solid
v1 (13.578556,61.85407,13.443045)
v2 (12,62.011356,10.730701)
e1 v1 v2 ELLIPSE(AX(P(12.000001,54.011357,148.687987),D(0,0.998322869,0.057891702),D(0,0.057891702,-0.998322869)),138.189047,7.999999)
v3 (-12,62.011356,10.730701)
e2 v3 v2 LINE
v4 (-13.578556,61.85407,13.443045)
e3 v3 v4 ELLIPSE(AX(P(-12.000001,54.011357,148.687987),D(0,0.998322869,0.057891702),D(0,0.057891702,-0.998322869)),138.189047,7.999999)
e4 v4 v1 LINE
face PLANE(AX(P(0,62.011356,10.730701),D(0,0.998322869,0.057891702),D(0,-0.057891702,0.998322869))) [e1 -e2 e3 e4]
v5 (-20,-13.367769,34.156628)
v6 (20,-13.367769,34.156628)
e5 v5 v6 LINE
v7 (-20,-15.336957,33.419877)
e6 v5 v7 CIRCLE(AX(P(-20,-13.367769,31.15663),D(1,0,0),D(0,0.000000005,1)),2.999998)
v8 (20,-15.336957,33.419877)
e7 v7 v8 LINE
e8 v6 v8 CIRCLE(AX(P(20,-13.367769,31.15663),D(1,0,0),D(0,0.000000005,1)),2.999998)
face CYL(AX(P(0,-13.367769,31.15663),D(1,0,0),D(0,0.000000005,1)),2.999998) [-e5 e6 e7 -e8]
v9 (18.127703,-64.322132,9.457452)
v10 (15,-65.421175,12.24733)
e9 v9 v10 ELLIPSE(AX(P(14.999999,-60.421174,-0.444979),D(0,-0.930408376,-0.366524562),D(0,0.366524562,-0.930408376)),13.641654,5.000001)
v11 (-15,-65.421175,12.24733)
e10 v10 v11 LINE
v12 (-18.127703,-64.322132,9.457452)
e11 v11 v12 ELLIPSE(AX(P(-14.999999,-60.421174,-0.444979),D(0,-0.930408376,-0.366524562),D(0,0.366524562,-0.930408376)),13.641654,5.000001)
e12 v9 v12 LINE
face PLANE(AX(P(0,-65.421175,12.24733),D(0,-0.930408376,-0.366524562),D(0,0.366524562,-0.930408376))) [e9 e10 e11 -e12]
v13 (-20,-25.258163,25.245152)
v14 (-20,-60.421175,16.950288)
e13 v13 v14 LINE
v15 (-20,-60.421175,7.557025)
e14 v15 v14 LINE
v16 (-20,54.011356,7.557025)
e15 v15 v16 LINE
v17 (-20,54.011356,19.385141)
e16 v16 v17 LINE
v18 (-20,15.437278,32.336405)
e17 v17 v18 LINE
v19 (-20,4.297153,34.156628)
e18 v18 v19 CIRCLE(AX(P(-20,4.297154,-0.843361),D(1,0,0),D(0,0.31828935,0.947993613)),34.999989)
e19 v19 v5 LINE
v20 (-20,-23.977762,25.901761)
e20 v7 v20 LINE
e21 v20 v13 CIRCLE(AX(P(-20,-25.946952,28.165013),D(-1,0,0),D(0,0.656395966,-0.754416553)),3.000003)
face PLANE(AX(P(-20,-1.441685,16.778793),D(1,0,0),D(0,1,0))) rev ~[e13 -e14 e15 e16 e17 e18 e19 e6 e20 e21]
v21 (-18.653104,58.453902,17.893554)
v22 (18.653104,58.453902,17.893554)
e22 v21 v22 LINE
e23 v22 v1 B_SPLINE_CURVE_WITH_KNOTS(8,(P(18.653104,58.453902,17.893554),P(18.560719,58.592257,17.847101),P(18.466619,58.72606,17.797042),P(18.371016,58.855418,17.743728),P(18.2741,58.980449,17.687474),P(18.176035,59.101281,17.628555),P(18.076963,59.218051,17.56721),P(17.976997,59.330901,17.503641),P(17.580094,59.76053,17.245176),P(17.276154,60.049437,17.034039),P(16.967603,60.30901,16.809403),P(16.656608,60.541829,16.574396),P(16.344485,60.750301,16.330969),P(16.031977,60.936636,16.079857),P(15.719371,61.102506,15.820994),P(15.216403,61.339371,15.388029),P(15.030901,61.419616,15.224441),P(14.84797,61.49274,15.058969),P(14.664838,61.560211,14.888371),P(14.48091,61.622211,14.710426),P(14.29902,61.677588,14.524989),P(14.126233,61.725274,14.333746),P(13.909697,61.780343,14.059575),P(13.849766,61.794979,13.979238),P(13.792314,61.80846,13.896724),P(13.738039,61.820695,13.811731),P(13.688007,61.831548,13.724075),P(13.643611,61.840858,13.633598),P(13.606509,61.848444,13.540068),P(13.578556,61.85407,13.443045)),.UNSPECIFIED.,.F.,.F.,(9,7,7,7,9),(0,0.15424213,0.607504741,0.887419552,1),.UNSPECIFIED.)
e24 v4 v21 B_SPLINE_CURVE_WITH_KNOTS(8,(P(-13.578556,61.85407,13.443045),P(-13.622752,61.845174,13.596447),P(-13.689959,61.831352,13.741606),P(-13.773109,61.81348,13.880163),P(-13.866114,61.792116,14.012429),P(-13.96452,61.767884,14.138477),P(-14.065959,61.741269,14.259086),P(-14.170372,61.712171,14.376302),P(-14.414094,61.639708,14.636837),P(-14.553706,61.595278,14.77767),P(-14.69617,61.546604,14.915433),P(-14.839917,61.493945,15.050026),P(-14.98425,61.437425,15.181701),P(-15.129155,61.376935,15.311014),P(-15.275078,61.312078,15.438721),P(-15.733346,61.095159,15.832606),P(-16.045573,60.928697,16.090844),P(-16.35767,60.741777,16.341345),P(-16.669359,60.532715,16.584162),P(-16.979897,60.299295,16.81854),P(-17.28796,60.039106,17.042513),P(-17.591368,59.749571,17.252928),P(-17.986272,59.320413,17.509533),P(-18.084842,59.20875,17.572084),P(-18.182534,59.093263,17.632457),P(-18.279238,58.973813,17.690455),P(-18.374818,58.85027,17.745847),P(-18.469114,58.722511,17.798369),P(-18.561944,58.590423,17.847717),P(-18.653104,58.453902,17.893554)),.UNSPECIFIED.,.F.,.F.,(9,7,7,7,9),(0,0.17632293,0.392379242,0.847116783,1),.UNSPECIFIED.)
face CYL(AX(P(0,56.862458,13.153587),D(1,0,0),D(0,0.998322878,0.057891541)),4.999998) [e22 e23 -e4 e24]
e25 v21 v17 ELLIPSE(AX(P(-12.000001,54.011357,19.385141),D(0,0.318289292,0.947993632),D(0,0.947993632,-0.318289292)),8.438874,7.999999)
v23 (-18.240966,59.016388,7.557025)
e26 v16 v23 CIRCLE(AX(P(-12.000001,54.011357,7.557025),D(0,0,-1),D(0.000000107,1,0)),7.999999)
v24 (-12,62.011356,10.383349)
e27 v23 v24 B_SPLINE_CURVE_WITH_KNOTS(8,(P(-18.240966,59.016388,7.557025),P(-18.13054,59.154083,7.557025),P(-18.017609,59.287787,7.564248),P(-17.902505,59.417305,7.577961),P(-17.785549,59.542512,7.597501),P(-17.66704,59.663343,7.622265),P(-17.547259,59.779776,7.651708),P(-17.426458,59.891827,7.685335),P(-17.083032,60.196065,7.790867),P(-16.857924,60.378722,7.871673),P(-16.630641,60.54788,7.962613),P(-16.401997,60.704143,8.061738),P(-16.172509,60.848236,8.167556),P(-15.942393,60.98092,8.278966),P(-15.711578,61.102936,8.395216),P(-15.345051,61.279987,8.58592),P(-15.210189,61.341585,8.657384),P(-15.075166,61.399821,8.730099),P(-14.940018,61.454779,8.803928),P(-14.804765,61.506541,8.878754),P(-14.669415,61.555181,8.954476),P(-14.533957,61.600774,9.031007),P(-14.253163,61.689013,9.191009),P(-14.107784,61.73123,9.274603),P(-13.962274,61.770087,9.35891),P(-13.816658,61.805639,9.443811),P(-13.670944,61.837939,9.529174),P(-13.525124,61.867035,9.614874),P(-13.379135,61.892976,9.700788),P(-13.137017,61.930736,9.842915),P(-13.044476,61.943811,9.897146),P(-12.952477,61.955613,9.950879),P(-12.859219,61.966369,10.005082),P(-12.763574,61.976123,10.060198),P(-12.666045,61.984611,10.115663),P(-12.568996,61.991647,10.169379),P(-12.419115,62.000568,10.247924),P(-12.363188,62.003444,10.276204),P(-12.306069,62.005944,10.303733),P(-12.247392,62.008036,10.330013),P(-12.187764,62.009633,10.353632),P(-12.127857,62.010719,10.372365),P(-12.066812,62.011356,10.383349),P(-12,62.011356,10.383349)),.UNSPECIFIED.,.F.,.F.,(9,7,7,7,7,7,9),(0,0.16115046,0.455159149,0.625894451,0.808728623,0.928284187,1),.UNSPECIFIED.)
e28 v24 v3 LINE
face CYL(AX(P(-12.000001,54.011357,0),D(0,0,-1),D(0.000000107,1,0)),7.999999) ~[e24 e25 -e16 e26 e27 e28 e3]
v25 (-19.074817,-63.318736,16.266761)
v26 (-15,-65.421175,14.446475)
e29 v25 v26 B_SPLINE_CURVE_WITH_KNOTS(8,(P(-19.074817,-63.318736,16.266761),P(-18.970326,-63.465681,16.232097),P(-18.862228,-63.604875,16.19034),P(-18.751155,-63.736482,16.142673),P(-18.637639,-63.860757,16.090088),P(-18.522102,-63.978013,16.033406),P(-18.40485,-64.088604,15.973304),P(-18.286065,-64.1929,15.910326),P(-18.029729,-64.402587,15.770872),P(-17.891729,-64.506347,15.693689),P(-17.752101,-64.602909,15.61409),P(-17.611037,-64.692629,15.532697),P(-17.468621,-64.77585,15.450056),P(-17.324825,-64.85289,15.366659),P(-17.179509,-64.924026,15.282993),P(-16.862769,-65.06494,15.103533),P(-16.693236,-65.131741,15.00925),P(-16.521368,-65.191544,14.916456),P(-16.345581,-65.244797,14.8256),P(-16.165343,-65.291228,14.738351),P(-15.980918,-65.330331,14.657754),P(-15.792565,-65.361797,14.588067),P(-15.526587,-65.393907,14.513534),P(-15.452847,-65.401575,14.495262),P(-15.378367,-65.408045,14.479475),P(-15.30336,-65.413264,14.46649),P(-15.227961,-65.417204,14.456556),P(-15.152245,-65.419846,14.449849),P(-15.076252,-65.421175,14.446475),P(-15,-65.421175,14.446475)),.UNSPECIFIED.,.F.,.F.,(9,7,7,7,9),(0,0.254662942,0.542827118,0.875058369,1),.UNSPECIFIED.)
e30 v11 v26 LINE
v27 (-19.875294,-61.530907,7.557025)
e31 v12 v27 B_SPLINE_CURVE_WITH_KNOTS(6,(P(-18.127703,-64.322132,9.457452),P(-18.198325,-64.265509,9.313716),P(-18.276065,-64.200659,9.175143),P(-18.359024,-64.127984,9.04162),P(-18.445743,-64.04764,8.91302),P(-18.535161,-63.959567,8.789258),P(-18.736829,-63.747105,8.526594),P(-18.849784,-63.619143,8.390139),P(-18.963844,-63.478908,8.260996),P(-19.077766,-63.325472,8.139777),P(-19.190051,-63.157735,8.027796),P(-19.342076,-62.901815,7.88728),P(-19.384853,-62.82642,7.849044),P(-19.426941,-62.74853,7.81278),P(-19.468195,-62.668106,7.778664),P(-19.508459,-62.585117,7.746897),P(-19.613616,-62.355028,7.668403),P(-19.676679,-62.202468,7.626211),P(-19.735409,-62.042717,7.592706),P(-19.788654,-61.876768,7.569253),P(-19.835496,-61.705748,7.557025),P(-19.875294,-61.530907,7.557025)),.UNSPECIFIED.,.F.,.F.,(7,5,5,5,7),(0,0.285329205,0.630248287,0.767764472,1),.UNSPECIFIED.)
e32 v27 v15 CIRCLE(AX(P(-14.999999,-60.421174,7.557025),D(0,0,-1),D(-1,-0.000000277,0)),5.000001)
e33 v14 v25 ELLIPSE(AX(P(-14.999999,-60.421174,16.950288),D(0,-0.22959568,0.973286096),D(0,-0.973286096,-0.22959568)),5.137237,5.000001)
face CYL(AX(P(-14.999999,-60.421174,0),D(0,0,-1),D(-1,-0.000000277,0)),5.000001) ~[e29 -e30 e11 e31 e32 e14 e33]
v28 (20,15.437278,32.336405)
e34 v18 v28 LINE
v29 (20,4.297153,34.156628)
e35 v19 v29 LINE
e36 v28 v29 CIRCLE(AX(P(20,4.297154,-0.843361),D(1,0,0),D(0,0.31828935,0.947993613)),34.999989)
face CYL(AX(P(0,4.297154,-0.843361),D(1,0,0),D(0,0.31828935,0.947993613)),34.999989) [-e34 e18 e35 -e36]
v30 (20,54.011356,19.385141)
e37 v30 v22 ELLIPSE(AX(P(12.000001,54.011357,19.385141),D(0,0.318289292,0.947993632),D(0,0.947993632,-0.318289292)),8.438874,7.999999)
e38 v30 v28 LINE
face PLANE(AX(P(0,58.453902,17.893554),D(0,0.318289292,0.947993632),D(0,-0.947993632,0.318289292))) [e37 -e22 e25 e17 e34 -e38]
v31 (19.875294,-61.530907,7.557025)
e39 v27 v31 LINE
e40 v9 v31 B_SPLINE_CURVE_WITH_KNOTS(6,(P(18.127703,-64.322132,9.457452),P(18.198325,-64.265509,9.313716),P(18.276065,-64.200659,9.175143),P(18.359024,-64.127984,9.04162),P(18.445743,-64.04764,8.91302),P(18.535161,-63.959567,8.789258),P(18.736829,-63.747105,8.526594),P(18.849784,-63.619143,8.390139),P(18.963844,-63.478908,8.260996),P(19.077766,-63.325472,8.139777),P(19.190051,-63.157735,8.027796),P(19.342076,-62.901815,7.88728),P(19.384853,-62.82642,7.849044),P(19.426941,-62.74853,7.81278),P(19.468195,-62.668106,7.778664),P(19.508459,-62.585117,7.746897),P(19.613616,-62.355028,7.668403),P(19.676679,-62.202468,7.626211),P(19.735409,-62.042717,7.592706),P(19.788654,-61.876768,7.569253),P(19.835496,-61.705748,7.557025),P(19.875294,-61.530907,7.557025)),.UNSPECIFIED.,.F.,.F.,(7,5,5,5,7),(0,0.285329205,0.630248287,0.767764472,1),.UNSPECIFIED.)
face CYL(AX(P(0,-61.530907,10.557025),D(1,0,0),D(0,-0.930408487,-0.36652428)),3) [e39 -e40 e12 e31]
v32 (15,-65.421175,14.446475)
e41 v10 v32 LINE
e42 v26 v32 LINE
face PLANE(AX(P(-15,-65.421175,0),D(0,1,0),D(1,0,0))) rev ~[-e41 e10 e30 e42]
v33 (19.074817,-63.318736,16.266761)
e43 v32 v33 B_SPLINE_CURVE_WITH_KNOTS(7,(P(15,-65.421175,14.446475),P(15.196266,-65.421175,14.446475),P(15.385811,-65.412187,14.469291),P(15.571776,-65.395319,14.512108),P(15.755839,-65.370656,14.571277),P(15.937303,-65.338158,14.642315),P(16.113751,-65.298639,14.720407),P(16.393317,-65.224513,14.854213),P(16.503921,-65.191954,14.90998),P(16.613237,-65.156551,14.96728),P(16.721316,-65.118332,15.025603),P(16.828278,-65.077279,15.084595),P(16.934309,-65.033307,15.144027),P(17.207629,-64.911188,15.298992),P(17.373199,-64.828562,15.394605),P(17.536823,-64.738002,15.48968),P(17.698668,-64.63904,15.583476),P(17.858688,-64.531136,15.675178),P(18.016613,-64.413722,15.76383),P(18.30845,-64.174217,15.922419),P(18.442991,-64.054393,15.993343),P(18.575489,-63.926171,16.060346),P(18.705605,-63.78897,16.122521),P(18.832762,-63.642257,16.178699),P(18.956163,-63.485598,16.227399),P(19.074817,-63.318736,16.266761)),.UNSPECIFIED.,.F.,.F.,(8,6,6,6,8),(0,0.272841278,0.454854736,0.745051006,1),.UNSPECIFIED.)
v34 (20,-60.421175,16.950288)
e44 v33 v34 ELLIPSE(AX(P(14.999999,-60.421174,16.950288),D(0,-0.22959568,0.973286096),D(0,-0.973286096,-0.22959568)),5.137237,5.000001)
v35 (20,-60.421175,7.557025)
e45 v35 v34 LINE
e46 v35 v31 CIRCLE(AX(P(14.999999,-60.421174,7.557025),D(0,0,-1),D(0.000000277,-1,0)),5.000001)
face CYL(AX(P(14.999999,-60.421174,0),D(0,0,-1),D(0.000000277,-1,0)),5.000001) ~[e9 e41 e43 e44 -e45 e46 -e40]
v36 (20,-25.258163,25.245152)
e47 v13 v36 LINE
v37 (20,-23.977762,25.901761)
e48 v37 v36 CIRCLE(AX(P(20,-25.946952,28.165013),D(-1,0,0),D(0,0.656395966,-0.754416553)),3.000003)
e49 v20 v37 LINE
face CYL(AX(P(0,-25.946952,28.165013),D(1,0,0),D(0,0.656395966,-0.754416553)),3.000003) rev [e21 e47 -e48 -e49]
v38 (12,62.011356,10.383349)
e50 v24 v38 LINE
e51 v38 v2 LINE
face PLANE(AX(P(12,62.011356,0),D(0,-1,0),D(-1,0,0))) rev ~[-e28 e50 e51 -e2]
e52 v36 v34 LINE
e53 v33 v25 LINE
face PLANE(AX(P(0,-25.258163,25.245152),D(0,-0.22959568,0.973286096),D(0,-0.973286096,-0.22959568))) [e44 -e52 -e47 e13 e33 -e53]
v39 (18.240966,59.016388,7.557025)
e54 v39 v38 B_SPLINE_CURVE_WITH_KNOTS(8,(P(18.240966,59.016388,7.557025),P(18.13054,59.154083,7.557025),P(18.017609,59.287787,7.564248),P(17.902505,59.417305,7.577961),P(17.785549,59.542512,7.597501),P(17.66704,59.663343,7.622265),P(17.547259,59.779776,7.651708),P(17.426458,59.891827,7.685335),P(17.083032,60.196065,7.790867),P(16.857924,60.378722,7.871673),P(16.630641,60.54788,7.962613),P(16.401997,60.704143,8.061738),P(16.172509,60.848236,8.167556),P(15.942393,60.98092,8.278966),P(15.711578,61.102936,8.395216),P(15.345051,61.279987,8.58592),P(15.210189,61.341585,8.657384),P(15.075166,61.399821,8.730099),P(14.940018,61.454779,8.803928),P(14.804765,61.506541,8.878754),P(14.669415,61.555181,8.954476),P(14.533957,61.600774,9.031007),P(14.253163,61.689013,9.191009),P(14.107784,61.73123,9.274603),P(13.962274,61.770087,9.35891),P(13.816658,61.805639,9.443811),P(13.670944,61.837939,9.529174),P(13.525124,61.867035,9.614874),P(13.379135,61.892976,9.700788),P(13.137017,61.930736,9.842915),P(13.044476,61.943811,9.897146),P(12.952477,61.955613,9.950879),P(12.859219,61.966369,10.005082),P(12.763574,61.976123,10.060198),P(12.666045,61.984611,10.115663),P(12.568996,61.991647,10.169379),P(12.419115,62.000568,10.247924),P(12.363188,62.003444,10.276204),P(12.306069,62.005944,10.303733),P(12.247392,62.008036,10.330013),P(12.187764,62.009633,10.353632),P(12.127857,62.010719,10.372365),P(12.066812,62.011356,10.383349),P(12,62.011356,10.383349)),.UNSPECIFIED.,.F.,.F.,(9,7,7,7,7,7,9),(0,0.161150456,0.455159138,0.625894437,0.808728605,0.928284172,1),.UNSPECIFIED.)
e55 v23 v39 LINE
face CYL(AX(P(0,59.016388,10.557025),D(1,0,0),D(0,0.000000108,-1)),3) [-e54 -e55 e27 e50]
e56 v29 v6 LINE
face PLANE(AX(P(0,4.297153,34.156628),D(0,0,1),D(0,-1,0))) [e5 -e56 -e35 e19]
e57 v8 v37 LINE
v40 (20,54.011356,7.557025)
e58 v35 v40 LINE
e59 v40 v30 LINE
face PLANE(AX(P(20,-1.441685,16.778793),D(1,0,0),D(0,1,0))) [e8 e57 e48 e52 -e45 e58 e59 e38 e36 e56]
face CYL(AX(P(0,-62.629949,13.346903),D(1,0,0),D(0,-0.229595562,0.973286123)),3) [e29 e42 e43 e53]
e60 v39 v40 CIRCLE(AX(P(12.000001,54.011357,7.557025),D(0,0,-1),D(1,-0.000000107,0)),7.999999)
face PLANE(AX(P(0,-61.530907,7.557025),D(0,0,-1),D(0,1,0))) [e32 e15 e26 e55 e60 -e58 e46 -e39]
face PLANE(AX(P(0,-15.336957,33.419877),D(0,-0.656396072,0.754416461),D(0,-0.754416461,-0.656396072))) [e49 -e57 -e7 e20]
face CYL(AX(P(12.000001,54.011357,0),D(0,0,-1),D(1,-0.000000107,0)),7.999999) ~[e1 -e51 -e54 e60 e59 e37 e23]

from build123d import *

# Parameters (mm, degrees)
F1_DEPTH      = 20
F1_DEPTH_BACK = 20
F3_DEPTH      = 76.2


with BuildPart() as f1:
    # F0 (on Right) → F1 (new body, two sides)
    with BuildSketch(Plane.YZ) as f1_sk:
        with BuildLine():
            ThreePointArc((-64.322132, 9.457452), (-63.219291, 8.077235), (-61.530907, 7.557025))
            Line((-61.530907, 7.557025), (59.016388, 7.557025))
            ThreePointArc((59.016388, 7.557025), (61.198248, 8.498024), (62.011356, 10.730701))
            Line((62.011356, 10.730701), (61.85407, 13.443045))
            ThreePointArc((61.85407, 13.443045), (60.835607, 16.189055), (58.453902, 17.893554))
            Line((58.453902, 17.893554), (15.437278, 32.336405))
            ThreePointArc((15.437278, 32.336405), (9.941079, 33.698575), (4.297153, 34.156628))
            Line((4.297153, 34.156628), (-13.367769, 34.156628))
            ThreePointArc((-13.367769, 34.156628), (-14.419018, 33.96641), (-15.336957, 33.419877))
            Line((-15.336957, 33.419877), (-23.977762, 25.901761))
            ThreePointArc((-23.977762, 25.901761), (-24.578012, 25.495552), (-25.258163, 25.245152))
            Line((-25.258163, 25.245152), (-63.318736, 16.266761))
            ThreePointArc((-63.318736, 16.266761), (-65.288253, 14.737378), (-65.421175, 12.24733))
            Line((-65.421175, 12.24733), (-64.322132, 9.457452))
        make_face()
    extrude(amount=F1_DEPTH)
    extrude(f1_sk.sketch, amount=-F1_DEPTH_BACK)

    # F2 (on Top) → F3 (intersect)
    with BuildSketch(Plane.XY):
        with BuildLine():
            Line((12, 62.011356), (-12, 62.011356))
            ThreePointArc((-12, 62.011356), (-17.656854, 59.668211), (-20, 54.011356))
            Line((-20, 54.011356), (-20, -60.421175))
            ThreePointArc((-20, -60.421175), (-18.535534, -63.956708), (-15, -65.421175))
            Line((-15, -65.421175), (15, -65.421175))
            ThreePointArc((15, -65.421175), (18.535534, -63.956708), (20, -60.421175))
            Line((20, -60.421175), (20, 54.011356))
            ThreePointArc((20, 54.011356), (17.656854, 59.668211), (12, 62.011356))
        make_face()
    extrude(amount=F3_DEPTH, mode=Mode.INTERSECT)


solid = f1.part
